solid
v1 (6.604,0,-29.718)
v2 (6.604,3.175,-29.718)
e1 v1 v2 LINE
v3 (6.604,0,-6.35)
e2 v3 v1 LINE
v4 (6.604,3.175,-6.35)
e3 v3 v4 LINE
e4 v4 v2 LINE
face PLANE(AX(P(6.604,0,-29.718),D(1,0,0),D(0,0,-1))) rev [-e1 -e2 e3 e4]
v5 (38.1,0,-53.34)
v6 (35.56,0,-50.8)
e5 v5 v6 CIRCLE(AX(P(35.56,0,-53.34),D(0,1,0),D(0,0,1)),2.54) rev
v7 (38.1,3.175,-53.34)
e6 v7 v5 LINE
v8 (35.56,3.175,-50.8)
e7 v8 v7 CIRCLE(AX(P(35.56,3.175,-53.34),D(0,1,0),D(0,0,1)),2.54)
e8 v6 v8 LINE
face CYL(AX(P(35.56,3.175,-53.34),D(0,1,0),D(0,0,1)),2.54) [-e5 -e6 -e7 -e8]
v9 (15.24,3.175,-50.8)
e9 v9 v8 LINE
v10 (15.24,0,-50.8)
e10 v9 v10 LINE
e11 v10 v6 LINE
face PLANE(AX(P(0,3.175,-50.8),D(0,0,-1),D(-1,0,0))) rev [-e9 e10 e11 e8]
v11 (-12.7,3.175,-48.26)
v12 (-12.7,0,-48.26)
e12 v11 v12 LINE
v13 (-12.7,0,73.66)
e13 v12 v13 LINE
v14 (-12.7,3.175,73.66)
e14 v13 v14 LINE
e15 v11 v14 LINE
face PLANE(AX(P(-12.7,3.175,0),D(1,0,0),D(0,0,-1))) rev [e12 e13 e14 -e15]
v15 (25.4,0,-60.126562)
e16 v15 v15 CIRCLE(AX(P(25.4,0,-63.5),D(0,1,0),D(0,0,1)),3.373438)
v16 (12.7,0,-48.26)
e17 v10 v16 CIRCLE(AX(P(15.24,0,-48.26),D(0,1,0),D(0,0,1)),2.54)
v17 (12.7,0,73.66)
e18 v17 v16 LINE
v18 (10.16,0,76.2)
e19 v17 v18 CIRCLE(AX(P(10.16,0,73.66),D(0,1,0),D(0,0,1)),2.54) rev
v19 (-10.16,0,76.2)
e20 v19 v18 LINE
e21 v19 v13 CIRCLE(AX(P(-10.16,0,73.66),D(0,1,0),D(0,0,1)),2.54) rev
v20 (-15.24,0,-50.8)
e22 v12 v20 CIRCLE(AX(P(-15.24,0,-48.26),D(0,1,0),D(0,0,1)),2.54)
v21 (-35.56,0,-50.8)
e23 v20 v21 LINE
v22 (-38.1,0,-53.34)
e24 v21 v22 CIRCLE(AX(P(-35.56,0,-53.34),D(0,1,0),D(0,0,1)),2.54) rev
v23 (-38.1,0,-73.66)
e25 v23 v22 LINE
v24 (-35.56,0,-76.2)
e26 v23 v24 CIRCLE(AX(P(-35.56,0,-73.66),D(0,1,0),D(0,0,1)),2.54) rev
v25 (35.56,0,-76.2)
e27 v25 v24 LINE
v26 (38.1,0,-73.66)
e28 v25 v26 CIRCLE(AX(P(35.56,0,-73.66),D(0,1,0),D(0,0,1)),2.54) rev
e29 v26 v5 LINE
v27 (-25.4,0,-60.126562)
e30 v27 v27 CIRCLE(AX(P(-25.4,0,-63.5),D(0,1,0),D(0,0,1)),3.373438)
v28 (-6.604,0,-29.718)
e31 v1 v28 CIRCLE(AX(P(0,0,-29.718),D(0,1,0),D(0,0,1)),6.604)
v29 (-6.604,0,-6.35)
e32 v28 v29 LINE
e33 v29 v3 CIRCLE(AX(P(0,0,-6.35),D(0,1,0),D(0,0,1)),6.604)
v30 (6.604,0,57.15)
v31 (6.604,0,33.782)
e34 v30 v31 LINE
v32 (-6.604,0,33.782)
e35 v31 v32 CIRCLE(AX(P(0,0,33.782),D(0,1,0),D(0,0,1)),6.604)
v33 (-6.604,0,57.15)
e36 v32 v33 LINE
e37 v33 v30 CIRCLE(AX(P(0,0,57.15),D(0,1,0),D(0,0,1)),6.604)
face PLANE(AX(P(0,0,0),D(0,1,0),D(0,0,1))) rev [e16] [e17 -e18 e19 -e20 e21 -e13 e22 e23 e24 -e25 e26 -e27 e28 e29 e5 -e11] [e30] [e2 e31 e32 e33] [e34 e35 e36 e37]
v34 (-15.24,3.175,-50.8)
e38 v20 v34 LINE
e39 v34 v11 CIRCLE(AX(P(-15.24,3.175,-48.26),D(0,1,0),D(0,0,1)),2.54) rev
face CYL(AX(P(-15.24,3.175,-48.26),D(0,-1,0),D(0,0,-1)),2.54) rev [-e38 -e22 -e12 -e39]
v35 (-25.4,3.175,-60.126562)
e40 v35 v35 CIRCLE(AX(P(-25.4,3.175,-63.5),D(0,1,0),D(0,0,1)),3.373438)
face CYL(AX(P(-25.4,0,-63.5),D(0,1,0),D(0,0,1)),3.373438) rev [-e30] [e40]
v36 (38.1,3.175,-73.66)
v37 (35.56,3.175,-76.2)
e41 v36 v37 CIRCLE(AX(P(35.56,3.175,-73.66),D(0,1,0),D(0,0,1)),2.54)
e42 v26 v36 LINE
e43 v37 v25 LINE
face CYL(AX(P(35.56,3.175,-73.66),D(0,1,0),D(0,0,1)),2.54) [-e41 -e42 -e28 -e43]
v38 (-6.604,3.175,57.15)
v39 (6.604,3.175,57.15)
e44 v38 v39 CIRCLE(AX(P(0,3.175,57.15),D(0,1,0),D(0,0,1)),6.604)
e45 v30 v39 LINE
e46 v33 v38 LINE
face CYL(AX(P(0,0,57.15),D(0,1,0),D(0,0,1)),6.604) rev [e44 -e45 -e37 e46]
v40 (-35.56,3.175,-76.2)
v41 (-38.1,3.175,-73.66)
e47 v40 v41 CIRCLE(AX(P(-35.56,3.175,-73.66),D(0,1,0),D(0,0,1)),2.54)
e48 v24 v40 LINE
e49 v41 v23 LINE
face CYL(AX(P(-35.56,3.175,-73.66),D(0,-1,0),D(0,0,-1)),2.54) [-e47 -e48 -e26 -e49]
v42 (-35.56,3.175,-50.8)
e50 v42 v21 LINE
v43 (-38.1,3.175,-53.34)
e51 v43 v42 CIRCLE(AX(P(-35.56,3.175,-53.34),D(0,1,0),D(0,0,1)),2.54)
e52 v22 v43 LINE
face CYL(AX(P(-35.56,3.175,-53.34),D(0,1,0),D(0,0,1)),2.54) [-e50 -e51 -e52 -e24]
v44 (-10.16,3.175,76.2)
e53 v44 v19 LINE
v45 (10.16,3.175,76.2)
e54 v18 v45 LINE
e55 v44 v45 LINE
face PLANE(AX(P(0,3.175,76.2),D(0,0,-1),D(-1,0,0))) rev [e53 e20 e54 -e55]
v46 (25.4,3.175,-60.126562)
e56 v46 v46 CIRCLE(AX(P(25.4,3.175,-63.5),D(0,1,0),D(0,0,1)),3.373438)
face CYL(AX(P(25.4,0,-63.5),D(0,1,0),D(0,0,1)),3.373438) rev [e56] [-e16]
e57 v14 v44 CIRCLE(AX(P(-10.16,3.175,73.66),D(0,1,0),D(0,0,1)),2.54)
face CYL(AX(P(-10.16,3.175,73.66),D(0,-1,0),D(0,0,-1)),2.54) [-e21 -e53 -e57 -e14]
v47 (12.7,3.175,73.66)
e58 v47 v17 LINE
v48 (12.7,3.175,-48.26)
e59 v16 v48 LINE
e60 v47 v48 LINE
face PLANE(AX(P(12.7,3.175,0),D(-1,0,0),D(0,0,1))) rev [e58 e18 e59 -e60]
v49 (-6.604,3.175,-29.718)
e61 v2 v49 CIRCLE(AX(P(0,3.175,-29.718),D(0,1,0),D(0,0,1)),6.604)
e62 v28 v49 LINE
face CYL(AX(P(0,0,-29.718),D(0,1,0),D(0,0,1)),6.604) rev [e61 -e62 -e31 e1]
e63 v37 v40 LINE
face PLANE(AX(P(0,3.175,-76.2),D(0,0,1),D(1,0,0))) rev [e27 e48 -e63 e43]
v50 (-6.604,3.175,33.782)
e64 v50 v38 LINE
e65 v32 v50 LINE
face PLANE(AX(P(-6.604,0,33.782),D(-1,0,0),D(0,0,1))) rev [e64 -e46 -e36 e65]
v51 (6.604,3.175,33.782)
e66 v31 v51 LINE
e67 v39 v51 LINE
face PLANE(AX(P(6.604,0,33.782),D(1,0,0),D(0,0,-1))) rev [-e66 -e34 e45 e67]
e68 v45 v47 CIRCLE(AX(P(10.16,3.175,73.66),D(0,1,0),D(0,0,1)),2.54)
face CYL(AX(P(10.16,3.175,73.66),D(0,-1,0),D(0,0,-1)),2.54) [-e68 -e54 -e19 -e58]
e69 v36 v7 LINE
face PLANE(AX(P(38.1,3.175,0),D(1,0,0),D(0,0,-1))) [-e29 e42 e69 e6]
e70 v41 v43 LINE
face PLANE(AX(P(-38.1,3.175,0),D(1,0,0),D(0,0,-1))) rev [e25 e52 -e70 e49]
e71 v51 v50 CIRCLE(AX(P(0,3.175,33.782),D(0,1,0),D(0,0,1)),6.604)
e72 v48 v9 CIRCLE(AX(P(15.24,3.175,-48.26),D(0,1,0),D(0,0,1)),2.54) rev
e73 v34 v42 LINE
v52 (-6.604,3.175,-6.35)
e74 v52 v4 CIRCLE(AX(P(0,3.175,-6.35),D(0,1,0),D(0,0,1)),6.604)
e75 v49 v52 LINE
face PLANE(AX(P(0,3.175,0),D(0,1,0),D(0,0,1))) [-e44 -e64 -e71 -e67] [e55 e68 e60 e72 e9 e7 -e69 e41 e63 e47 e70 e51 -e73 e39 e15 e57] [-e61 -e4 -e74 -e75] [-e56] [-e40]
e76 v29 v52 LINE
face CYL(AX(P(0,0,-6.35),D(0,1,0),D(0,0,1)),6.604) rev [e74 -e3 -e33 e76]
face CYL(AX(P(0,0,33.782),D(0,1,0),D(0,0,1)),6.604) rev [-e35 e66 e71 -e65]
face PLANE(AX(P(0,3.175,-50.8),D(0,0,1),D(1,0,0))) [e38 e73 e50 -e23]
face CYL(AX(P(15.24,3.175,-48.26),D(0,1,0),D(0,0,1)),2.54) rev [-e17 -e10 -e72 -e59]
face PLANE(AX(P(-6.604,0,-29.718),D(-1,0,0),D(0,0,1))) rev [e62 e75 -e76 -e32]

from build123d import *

# Parameters (mm, degrees)
SKETCH1_W           = 25.4
SKETCH1_H           = 25.4
BOSS_EXTRUDE1_DEPTH = 3.175
SKETCH2_R           = 3.3734375
CUT_EXTRUDE1_DEPTH  = 3.175
FILLET1_R           = 2.54


with BuildPart() as part:
    # Sketch1 → Boss-Extrude1 (new body)
    with BuildSketch(Plane(origin=(0, 0, 0), x_dir=(1, 0, 0), z_dir=(0, 1, 0))):
        with Locations((-25.4, 63.5)):
            Rectangle(SKETCH1_W, SKETCH1_H)
        Polygon((-12.7, -76.2), (12.7, -76.2), (12.7, 50.8), (12.7, 76.2), (-12.7, 76.2), (-12.7, 50.8), align=None)
        with Locations((25.4, 63.5)):
            Rectangle(SKETCH1_W, SKETCH1_H)
    extrude(amount=BOSS_EXTRUDE1_DEPTH)

    # Sketch2 → Cut-Extrude1 (cut)
    with BuildSketch(Plane(origin=(0, 3.175, 0), x_dir=(1, 0, 0), z_dir=(0, 1, 0))):
        with Locations(Location((-25.4, 63.5, 0), (0, 0, 270))):
            Circle(SKETCH2_R)
        with Locations(Location((25.4, 63.5, 0), (0, 0, 270))):
            Circle(SKETCH2_R)
        with BuildLine():
            Line((6.604, 29.718), (6.604, 6.35))
            ThreePointArc((6.604, 6.35), (0, -0.254), (-6.604, 6.35))
            Line((-6.604, 6.35), (-6.604, 29.718))
            ThreePointArc((-6.604, 29.718), (0, 36.322), (6.604, 29.718))
        make_face()
        with BuildLine():
            Line((6.604, -33.782), (6.604, -57.15))
            ThreePointArc((6.604, -57.15), (0, -63.754), (-6.604, -57.15))
            Line((-6.604, -57.15), (-6.604, -33.782))
            ThreePointArc((-6.604, -33.782), (0, -27.178), (6.604, -33.782))
        make_face()
    extrude(amount=-CUT_EXTRUDE1_DEPTH, mode=Mode.SUBTRACT)

    # Fillet1
    fillet1_edges = [part.edges().sort_by_distance(p)[0] for p in [
        (38.1, 1.5875, -76.2),
        (38.1, 1.5875, -50.8),
        (12.7, 1.5875, -50.8),
        (12.7, 1.5875, 76.2),
        (-12.7, 1.5875, 76.2),
        (-12.7, 1.5875, -50.8),
        (-38.1, 1.5875, -50.8),
        (-38.1, 1.5875, -76.2),
    ]]
    fillet(fillet1_edges, radius=FILLET1_R)


solid = part.part
